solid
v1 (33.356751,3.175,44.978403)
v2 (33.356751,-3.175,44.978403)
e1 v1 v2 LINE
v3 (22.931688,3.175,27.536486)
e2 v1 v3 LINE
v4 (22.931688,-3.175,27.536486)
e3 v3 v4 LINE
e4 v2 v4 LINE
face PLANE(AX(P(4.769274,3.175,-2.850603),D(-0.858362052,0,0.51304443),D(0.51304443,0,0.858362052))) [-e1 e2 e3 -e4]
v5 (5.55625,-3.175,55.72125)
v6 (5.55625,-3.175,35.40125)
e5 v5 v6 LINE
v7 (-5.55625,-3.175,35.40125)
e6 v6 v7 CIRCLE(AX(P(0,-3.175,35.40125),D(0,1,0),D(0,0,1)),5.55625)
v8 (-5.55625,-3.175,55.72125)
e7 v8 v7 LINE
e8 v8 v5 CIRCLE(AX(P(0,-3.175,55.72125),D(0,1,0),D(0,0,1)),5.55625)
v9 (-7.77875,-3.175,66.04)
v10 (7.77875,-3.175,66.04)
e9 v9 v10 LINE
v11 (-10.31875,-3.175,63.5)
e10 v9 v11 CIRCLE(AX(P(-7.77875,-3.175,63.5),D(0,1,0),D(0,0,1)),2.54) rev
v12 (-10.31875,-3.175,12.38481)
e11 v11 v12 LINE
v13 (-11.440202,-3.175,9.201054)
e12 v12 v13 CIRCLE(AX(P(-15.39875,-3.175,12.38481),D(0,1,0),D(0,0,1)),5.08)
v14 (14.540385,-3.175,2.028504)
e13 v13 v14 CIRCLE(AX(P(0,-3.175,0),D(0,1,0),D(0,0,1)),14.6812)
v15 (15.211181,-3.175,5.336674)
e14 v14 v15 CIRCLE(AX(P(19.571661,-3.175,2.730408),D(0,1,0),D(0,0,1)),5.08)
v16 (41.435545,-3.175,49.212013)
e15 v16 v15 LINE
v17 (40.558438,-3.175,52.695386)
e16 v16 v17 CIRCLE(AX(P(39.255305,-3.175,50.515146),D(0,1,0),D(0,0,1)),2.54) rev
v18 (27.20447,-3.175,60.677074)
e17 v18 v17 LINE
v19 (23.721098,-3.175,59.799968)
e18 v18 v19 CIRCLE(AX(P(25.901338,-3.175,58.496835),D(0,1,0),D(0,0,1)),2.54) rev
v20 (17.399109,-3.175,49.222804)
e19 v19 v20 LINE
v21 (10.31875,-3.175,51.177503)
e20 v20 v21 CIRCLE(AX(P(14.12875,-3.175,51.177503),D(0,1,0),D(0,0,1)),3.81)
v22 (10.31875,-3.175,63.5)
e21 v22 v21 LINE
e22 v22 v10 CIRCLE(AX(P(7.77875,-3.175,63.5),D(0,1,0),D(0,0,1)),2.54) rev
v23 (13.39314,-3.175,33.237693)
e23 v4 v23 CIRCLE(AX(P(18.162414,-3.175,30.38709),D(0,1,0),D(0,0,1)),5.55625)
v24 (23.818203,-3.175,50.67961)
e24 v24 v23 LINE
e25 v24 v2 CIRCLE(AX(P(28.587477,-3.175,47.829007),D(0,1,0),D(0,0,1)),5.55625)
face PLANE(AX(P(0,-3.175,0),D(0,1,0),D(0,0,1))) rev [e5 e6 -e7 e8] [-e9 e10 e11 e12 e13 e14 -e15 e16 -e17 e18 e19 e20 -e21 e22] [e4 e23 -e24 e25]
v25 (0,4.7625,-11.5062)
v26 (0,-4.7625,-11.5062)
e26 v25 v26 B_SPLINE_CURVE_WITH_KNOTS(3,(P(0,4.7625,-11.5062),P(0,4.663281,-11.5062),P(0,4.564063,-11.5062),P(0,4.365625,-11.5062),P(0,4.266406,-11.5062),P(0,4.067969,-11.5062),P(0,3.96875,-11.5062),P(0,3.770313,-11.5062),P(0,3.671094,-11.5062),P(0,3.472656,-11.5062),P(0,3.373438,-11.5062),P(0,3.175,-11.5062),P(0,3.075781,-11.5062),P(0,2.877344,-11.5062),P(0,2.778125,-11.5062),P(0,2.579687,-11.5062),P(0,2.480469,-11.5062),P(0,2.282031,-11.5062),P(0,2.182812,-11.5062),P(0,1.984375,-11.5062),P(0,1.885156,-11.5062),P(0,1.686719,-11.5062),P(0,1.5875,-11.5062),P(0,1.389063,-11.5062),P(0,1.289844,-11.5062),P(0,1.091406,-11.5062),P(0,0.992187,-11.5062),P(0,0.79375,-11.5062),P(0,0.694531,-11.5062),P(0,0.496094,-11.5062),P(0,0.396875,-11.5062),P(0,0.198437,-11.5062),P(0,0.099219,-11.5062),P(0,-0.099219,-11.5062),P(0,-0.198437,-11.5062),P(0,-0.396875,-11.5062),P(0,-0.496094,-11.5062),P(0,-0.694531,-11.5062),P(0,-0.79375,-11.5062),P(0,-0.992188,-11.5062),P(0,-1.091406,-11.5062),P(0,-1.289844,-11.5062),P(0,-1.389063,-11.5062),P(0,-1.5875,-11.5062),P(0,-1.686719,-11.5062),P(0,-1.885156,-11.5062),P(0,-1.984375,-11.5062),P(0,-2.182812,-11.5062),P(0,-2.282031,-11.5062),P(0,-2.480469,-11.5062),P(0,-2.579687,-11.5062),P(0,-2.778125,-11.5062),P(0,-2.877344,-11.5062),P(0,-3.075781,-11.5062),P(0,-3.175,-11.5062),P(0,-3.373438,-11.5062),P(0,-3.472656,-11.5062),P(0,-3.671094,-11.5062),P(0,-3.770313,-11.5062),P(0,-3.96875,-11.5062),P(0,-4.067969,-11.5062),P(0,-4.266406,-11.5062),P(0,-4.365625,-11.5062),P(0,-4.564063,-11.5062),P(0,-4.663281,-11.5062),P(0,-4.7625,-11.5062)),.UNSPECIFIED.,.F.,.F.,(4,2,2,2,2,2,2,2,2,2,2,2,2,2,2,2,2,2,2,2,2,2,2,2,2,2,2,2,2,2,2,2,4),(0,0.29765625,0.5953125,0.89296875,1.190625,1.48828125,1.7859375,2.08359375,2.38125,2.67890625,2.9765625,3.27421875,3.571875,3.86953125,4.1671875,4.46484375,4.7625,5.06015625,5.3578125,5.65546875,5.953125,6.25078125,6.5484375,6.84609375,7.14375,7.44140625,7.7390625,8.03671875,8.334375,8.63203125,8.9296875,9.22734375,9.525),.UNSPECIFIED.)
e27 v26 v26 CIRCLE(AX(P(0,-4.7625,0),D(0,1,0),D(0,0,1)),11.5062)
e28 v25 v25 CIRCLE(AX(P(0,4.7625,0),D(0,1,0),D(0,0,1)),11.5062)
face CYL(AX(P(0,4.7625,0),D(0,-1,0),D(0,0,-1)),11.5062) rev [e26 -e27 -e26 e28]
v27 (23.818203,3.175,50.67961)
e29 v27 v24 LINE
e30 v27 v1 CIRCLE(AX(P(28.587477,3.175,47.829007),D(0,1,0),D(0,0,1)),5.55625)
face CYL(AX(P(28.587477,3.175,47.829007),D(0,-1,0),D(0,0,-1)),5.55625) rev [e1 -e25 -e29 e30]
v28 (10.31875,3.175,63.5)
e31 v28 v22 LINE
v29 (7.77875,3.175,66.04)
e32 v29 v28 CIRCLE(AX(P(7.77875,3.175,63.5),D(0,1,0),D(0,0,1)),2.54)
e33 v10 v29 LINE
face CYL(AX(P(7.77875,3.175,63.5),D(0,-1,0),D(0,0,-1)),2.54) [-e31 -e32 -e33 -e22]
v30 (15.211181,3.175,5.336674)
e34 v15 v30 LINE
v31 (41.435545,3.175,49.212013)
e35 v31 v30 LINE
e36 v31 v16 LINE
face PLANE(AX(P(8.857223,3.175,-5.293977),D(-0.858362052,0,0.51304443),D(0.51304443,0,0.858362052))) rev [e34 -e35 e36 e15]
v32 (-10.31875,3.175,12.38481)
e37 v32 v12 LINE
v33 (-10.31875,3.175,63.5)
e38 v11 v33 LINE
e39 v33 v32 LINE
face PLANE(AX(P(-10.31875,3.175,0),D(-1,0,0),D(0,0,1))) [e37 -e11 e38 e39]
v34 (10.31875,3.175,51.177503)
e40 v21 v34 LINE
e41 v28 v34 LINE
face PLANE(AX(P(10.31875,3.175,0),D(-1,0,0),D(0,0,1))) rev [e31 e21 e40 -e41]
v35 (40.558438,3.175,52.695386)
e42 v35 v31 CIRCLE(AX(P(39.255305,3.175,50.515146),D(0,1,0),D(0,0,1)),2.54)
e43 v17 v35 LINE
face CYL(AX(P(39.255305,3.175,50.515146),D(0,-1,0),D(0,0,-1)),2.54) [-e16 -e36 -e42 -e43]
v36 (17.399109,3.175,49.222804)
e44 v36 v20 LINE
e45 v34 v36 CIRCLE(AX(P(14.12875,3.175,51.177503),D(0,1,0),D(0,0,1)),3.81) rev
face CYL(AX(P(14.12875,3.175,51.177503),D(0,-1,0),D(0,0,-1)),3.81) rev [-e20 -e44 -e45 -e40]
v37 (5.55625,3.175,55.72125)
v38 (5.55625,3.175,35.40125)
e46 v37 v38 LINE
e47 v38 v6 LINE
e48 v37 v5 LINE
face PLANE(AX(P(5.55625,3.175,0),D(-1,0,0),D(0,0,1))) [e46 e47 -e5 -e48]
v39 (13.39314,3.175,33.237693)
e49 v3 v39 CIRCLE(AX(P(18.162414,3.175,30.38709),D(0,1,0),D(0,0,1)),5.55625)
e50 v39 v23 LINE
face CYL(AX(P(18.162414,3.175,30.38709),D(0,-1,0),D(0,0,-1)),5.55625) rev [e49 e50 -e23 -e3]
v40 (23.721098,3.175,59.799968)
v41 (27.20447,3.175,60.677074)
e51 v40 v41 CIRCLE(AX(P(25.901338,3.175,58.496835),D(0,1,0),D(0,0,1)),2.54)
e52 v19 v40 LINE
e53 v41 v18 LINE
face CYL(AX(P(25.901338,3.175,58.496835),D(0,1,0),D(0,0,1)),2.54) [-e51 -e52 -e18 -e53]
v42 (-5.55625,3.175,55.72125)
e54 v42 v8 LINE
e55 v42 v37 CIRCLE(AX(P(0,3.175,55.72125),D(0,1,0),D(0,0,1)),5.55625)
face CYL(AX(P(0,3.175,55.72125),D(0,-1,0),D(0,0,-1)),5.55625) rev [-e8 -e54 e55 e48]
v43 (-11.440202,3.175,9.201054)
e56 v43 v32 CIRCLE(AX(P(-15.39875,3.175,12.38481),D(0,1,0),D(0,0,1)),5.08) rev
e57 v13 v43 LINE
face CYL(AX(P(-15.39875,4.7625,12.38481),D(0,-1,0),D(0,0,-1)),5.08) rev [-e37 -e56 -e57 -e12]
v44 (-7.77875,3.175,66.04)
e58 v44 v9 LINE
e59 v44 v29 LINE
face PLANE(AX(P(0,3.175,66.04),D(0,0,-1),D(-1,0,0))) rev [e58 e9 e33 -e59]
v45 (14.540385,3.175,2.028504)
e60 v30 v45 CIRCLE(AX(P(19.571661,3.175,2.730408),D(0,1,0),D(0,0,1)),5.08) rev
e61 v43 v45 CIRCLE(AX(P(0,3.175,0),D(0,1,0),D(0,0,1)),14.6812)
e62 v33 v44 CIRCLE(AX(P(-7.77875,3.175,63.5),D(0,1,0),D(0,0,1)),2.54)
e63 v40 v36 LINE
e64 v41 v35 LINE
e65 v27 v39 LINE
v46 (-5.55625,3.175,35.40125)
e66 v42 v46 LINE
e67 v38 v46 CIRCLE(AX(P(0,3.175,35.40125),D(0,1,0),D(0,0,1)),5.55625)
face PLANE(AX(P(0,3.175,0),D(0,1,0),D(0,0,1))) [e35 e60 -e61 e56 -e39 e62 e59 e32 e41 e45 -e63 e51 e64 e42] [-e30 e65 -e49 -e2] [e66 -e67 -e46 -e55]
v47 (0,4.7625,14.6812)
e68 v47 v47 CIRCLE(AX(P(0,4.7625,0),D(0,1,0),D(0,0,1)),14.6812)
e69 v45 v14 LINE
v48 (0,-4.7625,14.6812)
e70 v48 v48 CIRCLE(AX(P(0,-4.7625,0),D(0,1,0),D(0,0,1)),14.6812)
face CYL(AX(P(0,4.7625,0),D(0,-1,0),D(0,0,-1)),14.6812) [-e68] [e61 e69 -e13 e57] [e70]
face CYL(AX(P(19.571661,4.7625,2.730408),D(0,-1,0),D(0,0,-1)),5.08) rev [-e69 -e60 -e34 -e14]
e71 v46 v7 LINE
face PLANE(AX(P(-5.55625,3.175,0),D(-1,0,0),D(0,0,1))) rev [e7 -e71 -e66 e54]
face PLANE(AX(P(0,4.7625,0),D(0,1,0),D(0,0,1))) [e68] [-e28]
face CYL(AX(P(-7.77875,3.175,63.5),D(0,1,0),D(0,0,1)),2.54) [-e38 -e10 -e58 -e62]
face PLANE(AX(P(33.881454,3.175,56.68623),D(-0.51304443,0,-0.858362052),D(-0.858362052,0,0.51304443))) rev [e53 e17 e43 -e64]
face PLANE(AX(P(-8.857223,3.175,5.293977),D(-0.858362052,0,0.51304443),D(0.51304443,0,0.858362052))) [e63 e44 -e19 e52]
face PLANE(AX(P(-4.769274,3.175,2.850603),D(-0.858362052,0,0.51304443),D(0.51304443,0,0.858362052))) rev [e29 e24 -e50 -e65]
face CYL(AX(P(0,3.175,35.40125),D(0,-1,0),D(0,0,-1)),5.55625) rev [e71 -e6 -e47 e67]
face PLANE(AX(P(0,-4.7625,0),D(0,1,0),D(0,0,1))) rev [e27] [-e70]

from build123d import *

# Parameters (mm, degrees)
SKETCH1_R                      = 14.6812
SKETCH1_R_2                    = 11.5062
BEARING_INSERT_EXTRUDE_DEPTH   = 4.7625
APEX_SLOT_INSERT_EXTRUDE_DEPTH = 3.175
FILLET1_R                      = 5.08
FILLET2_R                      = 2.54
FILLET3_R                      = 3.81


with BuildPart() as part:
    # Sketch1 → Bearing_Insert_Extrude (new, symmetric)
    with BuildSketch(Plane(origin=(0, 0, 0), x_dir=(1, 0, 0), z_dir=(0, 1, 0))):
        with Locations(Location((0, 0, 0), (0, 0, 90))):
            Circle(SKETCH1_R)
        with Locations(Location((0, 0, 0), (0, 0, 90))):
            Circle(SKETCH1_R_2, mode=Mode.SUBTRACT)
    extrude(amount=BEARING_INSERT_EXTRUDE_DEPTH, both=True)

    # Sketch1<4> → Apex_Slot_Insert_Extrude (add, symmetric)
    # profile 1 of 2: a face of its own
    with BuildSketch(Plane(origin=(0, 0, 0), x_dir=(1, 0, 0), z_dir=(0, 1, 0))):
        with BuildLine():
            Line((-10.31875, -10.443228997), (-10.31875, -66.04))
            Line((-10.31875, -66.04), (10.31875, -66.04))
            Line((10.31875, -66.04), (10.31875, -37.376828003))
            Line((10.31875, -37.376828003), (25.024230745, -61.980207141))
            Line((25.024230745, -61.980207141), (42.738677597, -51.392252712))
            Line((42.738677597, -51.392252712), (14.215063896, -3.670094259))
            ThreePointArc((14.215063896, -3.670094259), (3.906936657, -14.151801278), (-10.31875, -10.443228997))
        make_face()
        with BuildLine():
            ThreePointArc((5.55625, -55.72125), (0, -61.2775), (-5.55625, -55.72125))
            Line((-5.55625, -55.72125), (-5.55625, -35.40125))
            ThreePointArc((-5.55625, -35.40125), (0, -29.845), (5.55625, -35.40125))
            Line((5.55625, -35.40125), (5.55625, -55.72125))
        make_face(mode=Mode.SUBTRACT)
        with BuildLine():
            ThreePointArc((33.356751109, -44.978403385), (31.438080072, -52.598280653), (23.818202804, -50.679609616))
            Line((23.818202804, -50.679609616), (13.393139982, -33.237692715))
            ThreePointArc((13.393139982, -33.237692715), (15.31181102, -25.617815447), (22.931688287, -27.536486485))
            Line((22.931688287, -27.536486485), (33.356751109, -44.978403385))
        make_face(mode=Mode.SUBTRACT)
    # profile 2 of 2: a face of its own
    with BuildSketch(Plane(origin=(0, 0, 0), x_dir=(1, 0, 0), z_dir=(0, 1, 0))):
        with BuildLine():
            Line((-10.31875, -10.443228997), (-10.31875, -66.04))
            Line((-10.31875, -66.04), (10.31875, -66.04))
            Line((10.31875, -66.04), (10.31875, -37.376828003))
            Line((10.31875, -37.376828003), (25.024230745, -61.980207141))
            Line((25.024230745, -61.980207141), (42.738677597, -51.392252712))
            Line((42.738677597, -51.392252712), (14.215063896, -3.670094259))
            ThreePointArc((14.215063896, -3.670094259), (3.906936657, -14.151801278), (-10.31875, -10.443228997))
        make_face()
        with BuildLine():
            ThreePointArc((5.55625, -55.72125), (0, -61.2775), (-5.55625, -55.72125))
            Line((-5.55625, -55.72125), (-5.55625, -35.40125))
            ThreePointArc((-5.55625, -35.40125), (0, -29.845), (5.55625, -35.40125))
            Line((5.55625, -35.40125), (5.55625, -55.72125))
        make_face(mode=Mode.SUBTRACT)
        with BuildLine():
            ThreePointArc((33.356751109, -44.978403385), (31.438080072, -52.598280653), (23.818202804, -50.679609616))
            Line((23.818202804, -50.679609616), (13.393139982, -33.237692715))
            ThreePointArc((13.393139982, -33.237692715), (15.31181102, -25.617815447), (22.931688287, -27.536486485))
            Line((22.931688287, -27.536486485), (33.356751109, -44.978403385))
        make_face(mode=Mode.SUBTRACT)
    extrude(amount=APEX_SLOT_INSERT_EXTRUDE_DEPTH, both=True)

    # Fillet1
    fillet1_edges = [part.edges().sort_by_distance(p)[0] for p in [
        (14.215063896, 0, 3.670094259),
        (-10.31875, 0, 10.443228997),
    ]]
    fillet(fillet1_edges, radius=FILLET1_R)

    # Fillet2
    fillet2_edges = [part.edges().sort_by_distance(p)[0] for p in [
        (-10.31875, 0, 66.04),
        (10.31875, 0, 66.04),
        (25.024230745, 0, 61.980207141),
        (42.738677597, 0, 51.392252712),
    ]]
    fillet(fillet2_edges, radius=FILLET2_R)

    # Fillet3
    fillet3_edges = [part.edges().sort_by_distance(p)[0] for p in [
        (10.31875, 0, 37.376828003),
    ]]
    fillet(fillet3_edges, radius=FILLET3_R)


solid = part.part
